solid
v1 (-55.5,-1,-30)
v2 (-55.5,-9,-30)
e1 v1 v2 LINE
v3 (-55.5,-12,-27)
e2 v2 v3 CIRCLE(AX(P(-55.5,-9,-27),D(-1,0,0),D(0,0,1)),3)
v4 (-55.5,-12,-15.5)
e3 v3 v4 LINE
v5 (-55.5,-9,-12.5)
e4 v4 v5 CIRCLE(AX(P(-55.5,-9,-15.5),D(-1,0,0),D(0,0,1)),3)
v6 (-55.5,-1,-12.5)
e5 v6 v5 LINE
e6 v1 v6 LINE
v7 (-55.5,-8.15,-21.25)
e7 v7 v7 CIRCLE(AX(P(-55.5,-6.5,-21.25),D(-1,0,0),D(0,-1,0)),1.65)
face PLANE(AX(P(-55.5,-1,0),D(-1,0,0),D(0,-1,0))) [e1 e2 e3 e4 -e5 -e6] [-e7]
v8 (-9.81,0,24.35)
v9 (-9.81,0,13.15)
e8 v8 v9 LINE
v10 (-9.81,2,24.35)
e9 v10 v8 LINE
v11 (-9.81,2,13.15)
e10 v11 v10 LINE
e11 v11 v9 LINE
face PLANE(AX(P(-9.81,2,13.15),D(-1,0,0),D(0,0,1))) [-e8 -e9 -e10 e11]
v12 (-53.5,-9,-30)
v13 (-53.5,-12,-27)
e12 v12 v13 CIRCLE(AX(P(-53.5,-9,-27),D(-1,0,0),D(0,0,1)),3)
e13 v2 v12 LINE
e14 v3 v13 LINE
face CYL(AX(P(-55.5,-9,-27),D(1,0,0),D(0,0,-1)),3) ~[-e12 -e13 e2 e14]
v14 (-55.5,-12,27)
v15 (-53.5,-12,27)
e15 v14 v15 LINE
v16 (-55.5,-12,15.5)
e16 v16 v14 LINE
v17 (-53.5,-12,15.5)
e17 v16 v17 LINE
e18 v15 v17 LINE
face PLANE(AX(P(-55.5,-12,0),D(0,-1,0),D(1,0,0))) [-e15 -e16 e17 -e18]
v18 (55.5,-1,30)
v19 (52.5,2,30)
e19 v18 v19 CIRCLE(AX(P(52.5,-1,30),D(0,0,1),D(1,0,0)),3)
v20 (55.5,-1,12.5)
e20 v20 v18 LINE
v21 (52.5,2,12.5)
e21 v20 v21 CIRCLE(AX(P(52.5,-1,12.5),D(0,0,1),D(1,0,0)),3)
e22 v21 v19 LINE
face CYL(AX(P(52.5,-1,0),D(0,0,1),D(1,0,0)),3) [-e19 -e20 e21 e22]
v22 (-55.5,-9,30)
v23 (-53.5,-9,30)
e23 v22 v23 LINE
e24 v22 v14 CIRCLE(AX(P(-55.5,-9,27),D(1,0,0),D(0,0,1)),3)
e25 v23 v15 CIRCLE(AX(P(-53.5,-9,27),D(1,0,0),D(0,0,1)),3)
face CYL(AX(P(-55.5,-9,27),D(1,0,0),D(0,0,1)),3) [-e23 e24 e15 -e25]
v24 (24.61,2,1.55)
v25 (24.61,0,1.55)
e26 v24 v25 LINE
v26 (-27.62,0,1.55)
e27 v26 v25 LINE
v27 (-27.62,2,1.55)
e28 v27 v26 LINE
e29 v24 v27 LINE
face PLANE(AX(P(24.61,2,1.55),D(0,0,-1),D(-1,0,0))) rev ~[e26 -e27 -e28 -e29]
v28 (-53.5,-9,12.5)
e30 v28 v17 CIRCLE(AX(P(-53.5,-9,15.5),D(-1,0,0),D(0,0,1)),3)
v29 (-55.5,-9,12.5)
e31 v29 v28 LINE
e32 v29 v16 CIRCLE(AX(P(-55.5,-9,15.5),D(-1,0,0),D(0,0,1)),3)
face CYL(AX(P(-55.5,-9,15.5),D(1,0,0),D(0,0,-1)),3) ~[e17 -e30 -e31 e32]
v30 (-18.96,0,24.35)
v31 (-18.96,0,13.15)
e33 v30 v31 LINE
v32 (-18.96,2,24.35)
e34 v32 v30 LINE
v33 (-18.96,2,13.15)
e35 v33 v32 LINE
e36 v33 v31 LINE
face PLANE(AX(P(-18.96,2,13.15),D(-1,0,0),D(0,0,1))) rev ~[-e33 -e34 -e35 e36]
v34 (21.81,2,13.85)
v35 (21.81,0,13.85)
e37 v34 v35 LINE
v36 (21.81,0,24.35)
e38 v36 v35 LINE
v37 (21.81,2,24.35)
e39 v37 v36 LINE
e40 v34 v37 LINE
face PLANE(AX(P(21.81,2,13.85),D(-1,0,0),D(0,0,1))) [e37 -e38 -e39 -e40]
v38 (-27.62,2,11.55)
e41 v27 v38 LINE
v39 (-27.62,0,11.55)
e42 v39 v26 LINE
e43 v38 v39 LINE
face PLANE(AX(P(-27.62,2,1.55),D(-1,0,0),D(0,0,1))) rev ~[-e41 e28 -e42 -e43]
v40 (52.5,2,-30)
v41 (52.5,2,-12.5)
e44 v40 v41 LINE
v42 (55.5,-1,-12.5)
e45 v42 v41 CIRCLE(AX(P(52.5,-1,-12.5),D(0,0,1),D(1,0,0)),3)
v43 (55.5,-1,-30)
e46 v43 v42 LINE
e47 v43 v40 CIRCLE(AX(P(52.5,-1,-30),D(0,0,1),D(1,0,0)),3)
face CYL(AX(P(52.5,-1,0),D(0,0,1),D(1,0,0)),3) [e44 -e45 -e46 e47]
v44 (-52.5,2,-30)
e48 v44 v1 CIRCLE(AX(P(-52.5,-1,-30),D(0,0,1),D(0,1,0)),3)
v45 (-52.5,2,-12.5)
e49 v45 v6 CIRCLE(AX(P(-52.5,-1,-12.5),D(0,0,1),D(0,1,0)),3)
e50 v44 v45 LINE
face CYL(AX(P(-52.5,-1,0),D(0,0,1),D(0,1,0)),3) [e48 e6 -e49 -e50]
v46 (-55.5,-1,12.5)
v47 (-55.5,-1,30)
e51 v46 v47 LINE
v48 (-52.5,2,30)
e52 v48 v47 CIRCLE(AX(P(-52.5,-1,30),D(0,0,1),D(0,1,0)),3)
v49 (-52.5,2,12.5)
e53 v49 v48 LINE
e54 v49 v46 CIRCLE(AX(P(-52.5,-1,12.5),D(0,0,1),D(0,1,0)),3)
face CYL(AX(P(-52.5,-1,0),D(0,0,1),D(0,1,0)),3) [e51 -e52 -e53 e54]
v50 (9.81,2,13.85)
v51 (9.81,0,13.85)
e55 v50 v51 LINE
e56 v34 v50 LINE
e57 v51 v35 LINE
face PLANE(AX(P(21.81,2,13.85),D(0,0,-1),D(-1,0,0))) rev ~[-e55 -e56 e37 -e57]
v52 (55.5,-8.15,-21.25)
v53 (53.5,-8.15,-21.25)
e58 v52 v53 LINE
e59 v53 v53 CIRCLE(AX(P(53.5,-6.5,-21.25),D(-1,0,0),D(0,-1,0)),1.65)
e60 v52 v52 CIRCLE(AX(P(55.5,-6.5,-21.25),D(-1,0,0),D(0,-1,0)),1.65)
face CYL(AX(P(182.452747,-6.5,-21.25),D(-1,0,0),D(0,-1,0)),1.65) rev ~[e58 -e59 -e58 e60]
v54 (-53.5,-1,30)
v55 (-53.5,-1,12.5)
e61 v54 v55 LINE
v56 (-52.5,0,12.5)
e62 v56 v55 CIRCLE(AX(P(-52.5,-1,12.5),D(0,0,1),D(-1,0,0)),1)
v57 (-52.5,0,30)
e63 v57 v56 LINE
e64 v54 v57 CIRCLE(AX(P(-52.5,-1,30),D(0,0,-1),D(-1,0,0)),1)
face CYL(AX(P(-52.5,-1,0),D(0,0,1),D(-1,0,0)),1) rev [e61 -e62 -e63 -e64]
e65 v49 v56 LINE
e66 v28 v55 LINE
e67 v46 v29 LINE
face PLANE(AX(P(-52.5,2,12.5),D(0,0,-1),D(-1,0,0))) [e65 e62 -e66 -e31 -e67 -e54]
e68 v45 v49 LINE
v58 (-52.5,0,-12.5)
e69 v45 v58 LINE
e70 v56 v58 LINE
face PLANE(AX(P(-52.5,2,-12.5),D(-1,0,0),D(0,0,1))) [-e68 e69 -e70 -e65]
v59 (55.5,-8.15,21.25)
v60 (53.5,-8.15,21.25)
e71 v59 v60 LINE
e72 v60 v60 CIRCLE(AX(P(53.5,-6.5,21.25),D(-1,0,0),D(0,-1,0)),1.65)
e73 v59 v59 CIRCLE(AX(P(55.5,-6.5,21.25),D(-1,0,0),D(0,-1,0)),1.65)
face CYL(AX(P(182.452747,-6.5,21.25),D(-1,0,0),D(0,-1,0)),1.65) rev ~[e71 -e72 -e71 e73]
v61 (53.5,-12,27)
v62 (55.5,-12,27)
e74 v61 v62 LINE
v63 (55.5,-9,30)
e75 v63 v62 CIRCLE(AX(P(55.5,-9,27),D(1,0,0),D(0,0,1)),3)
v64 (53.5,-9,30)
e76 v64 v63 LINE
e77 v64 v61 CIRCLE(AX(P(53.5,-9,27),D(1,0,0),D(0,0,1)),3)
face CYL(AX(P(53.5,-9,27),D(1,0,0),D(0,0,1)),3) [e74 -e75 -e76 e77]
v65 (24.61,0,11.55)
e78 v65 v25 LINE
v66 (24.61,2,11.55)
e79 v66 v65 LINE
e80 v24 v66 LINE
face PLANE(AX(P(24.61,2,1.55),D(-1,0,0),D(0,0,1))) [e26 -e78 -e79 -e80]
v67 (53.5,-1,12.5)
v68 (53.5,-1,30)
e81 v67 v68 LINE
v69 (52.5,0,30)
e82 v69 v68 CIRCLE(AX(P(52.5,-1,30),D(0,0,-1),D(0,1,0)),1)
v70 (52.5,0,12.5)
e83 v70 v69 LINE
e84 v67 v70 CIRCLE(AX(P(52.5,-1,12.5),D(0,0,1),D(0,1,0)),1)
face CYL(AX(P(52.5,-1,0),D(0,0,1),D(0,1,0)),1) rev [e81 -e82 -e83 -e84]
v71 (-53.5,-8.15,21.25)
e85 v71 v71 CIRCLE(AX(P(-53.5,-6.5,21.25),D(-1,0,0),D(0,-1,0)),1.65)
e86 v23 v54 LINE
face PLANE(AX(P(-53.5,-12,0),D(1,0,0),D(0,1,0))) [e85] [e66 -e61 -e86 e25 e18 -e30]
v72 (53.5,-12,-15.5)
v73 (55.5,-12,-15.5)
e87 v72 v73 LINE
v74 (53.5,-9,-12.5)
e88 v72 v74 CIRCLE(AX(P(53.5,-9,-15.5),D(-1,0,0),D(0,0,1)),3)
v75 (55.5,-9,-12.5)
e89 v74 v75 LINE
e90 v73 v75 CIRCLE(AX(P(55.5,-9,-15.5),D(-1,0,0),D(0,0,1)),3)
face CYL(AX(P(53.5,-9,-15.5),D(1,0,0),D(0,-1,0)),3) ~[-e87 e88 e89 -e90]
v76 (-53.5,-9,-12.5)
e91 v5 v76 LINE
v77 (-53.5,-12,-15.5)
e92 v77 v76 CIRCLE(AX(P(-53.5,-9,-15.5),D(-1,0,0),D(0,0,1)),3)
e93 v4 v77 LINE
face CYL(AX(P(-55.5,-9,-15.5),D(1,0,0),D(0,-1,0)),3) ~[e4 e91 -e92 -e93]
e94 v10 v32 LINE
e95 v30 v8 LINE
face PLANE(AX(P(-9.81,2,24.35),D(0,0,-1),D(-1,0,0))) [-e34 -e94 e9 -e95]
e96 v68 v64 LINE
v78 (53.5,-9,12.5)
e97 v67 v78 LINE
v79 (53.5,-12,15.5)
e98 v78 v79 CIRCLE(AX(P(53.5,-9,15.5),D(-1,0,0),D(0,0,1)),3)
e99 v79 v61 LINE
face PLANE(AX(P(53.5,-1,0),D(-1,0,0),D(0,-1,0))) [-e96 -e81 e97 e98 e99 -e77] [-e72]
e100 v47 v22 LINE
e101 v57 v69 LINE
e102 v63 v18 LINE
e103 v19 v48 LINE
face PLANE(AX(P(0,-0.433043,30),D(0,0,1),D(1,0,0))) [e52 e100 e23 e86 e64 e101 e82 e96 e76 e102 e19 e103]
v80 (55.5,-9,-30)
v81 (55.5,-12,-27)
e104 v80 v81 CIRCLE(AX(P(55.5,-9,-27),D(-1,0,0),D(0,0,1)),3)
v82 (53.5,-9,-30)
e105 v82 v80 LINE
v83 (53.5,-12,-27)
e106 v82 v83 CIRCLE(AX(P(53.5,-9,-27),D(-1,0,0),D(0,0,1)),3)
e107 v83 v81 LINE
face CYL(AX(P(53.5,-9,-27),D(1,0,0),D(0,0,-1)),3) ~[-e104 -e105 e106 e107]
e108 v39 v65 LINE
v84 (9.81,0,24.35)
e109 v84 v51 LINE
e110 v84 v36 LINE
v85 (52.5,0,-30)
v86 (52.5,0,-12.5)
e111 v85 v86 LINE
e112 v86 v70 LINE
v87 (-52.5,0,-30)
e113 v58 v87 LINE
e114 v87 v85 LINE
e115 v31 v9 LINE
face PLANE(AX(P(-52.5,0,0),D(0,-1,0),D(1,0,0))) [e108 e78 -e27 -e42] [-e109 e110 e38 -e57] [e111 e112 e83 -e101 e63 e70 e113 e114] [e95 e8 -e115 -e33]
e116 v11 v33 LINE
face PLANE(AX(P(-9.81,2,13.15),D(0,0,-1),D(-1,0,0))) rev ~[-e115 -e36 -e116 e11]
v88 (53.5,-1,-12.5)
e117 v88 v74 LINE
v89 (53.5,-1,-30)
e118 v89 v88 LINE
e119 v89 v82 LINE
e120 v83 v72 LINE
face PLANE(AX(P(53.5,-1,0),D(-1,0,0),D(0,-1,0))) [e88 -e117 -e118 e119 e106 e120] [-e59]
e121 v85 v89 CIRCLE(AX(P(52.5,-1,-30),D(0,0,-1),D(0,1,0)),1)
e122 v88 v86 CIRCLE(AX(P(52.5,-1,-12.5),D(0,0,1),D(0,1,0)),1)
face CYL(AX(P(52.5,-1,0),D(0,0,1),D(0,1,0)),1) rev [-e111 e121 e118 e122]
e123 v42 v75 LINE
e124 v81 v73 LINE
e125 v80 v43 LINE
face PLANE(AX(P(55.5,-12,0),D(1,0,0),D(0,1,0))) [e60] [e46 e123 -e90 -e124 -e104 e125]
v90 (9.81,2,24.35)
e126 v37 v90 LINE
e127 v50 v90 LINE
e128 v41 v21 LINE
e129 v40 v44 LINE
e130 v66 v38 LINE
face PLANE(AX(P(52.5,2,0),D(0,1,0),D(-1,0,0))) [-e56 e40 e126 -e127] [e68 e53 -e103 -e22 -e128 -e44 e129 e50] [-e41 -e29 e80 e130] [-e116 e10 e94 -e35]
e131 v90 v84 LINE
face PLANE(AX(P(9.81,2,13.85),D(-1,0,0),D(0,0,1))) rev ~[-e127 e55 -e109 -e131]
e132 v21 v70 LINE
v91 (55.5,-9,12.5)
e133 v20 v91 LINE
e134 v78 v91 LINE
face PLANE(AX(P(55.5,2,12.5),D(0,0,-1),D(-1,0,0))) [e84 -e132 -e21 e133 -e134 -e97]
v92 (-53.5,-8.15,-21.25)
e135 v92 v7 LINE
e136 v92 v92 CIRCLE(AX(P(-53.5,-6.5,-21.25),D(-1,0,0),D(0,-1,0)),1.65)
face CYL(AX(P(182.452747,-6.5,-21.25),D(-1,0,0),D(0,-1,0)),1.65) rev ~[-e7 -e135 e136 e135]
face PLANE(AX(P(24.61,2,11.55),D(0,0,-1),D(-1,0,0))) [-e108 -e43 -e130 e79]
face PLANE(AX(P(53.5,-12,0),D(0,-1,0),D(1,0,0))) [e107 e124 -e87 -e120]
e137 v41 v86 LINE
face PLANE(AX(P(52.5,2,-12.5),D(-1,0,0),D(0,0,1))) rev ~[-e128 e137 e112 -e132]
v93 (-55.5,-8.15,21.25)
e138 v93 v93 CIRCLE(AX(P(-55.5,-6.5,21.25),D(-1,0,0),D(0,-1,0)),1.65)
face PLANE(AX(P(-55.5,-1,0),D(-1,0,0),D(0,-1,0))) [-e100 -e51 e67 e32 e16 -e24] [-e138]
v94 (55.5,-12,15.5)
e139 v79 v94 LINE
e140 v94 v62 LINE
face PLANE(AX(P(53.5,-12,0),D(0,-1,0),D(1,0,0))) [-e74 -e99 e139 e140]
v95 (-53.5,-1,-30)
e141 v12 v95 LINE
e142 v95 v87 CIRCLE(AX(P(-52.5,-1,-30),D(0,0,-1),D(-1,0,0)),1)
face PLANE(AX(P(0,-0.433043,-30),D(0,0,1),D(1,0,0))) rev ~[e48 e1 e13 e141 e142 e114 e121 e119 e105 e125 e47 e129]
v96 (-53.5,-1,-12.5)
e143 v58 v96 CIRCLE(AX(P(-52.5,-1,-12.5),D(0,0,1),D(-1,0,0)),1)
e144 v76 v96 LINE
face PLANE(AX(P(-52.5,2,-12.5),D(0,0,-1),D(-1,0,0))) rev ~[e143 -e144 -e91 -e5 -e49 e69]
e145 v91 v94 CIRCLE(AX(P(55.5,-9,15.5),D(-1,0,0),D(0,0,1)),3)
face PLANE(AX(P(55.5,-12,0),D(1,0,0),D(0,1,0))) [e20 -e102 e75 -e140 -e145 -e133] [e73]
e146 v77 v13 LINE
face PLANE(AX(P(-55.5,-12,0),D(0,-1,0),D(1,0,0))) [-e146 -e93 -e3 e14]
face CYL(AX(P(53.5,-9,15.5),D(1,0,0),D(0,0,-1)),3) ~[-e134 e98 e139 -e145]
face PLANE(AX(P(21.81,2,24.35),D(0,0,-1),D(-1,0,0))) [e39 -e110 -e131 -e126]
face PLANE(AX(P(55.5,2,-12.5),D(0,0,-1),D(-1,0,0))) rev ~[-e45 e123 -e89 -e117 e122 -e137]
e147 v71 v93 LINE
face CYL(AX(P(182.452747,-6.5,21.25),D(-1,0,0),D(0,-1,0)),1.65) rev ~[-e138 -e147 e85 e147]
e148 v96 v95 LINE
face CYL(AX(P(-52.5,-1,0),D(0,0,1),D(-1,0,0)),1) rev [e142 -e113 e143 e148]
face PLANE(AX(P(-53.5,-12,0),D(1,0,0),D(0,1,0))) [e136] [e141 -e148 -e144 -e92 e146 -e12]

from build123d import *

# Parameters (mm, degrees)
F1_DEPTH = 30
F2_W     = 3
F2_H     = 25
F2_W_2   = 12
F2_H_2   = 10.5
F2_W_3   = 9.15
F2_H_3   = 11.2
F2_W_4   = 52.23
F2_H_4   = 10
F3_DEPTH = 14.001
F5_D     = 3.3
F6_R     = 3


with BuildPart() as f1:
    # F0 (on Top) → F1 (new body, symmetric)
    with BuildSketch(Plane.XY):
        with BuildLine():
            Line((-52.5, 0), (52.5, 0))
            ThreePointArc((52.5, 0), (53.2071067812, -0.2928932188), (53.5, -1))
            Line((53.5, -1), (53.5, -12))
            Line((53.5, -12), (55.5, -12))
            Line((55.5, -12), (55.5, -1))
            ThreePointArc((55.5, -1), (54.6213203436, 1.1213203436), (52.5, 2))
            Line((52.5, 2), (-52.5, 2))
            ThreePointArc((-52.5, 2), (-54.6213203436, 1.1213203436), (-55.5, -1))
            Line((-55.5, -1), (-55.5, -12))
            Line((-55.5, -12), (-53.5, -12))
            Line((-53.5, -12), (-53.5, -1))
            ThreePointArc((-53.5, -1), (-53.2071067812, -0.2928932188), (-52.5, 0))
        make_face()
    extrude(amount=F1_DEPTH, both=True)

    # F2 (on face) → F3 (cut, through all)
    with BuildSketch(Plane(origin=(0, 2, 0), x_dir=(-1, 0, 0), z_dir=(0, 1, 0))):
        with Locations((-54, 0)):
            Rectangle(F2_W, F2_H)
        with Locations((54, 0)):
            Rectangle(F2_W, F2_H)
        with Locations((-15.81, 19.1)):
            Rectangle(F2_W_2, F2_H_2)
        with Locations((14.385, 18.75)):
            Rectangle(F2_W_3, F2_H_3)
        with Locations((1.505, 6.55)):
            Rectangle(F2_W_4, F2_H_4)
    extrude(amount=-F3_DEPTH, mode=Mode.SUBTRACT)

    # F5 (through all)
    with Locations(Plane.YZ.offset(55.5)):
        with Locations((-6.5, 21.25), (-6.5, -21.25)):
            Hole(F5_D / 2)

    # F6
    f6_edges = [f1.edges().sort_by_distance(p)[0] for p in [
        (-54.5, -12, 30),
        (-54.5, -12, 12.5),
        (-54.5, -12, -12.5),
        (-54.5, -12, -30),
        (54.5, -12, 30),
        (54.5, -12, 12.5),
        (54.5, -12, -12.5),
        (54.5, -12, -30),
    ]]
    fillet(f6_edges, radius=F6_R)


solid = f1.part
